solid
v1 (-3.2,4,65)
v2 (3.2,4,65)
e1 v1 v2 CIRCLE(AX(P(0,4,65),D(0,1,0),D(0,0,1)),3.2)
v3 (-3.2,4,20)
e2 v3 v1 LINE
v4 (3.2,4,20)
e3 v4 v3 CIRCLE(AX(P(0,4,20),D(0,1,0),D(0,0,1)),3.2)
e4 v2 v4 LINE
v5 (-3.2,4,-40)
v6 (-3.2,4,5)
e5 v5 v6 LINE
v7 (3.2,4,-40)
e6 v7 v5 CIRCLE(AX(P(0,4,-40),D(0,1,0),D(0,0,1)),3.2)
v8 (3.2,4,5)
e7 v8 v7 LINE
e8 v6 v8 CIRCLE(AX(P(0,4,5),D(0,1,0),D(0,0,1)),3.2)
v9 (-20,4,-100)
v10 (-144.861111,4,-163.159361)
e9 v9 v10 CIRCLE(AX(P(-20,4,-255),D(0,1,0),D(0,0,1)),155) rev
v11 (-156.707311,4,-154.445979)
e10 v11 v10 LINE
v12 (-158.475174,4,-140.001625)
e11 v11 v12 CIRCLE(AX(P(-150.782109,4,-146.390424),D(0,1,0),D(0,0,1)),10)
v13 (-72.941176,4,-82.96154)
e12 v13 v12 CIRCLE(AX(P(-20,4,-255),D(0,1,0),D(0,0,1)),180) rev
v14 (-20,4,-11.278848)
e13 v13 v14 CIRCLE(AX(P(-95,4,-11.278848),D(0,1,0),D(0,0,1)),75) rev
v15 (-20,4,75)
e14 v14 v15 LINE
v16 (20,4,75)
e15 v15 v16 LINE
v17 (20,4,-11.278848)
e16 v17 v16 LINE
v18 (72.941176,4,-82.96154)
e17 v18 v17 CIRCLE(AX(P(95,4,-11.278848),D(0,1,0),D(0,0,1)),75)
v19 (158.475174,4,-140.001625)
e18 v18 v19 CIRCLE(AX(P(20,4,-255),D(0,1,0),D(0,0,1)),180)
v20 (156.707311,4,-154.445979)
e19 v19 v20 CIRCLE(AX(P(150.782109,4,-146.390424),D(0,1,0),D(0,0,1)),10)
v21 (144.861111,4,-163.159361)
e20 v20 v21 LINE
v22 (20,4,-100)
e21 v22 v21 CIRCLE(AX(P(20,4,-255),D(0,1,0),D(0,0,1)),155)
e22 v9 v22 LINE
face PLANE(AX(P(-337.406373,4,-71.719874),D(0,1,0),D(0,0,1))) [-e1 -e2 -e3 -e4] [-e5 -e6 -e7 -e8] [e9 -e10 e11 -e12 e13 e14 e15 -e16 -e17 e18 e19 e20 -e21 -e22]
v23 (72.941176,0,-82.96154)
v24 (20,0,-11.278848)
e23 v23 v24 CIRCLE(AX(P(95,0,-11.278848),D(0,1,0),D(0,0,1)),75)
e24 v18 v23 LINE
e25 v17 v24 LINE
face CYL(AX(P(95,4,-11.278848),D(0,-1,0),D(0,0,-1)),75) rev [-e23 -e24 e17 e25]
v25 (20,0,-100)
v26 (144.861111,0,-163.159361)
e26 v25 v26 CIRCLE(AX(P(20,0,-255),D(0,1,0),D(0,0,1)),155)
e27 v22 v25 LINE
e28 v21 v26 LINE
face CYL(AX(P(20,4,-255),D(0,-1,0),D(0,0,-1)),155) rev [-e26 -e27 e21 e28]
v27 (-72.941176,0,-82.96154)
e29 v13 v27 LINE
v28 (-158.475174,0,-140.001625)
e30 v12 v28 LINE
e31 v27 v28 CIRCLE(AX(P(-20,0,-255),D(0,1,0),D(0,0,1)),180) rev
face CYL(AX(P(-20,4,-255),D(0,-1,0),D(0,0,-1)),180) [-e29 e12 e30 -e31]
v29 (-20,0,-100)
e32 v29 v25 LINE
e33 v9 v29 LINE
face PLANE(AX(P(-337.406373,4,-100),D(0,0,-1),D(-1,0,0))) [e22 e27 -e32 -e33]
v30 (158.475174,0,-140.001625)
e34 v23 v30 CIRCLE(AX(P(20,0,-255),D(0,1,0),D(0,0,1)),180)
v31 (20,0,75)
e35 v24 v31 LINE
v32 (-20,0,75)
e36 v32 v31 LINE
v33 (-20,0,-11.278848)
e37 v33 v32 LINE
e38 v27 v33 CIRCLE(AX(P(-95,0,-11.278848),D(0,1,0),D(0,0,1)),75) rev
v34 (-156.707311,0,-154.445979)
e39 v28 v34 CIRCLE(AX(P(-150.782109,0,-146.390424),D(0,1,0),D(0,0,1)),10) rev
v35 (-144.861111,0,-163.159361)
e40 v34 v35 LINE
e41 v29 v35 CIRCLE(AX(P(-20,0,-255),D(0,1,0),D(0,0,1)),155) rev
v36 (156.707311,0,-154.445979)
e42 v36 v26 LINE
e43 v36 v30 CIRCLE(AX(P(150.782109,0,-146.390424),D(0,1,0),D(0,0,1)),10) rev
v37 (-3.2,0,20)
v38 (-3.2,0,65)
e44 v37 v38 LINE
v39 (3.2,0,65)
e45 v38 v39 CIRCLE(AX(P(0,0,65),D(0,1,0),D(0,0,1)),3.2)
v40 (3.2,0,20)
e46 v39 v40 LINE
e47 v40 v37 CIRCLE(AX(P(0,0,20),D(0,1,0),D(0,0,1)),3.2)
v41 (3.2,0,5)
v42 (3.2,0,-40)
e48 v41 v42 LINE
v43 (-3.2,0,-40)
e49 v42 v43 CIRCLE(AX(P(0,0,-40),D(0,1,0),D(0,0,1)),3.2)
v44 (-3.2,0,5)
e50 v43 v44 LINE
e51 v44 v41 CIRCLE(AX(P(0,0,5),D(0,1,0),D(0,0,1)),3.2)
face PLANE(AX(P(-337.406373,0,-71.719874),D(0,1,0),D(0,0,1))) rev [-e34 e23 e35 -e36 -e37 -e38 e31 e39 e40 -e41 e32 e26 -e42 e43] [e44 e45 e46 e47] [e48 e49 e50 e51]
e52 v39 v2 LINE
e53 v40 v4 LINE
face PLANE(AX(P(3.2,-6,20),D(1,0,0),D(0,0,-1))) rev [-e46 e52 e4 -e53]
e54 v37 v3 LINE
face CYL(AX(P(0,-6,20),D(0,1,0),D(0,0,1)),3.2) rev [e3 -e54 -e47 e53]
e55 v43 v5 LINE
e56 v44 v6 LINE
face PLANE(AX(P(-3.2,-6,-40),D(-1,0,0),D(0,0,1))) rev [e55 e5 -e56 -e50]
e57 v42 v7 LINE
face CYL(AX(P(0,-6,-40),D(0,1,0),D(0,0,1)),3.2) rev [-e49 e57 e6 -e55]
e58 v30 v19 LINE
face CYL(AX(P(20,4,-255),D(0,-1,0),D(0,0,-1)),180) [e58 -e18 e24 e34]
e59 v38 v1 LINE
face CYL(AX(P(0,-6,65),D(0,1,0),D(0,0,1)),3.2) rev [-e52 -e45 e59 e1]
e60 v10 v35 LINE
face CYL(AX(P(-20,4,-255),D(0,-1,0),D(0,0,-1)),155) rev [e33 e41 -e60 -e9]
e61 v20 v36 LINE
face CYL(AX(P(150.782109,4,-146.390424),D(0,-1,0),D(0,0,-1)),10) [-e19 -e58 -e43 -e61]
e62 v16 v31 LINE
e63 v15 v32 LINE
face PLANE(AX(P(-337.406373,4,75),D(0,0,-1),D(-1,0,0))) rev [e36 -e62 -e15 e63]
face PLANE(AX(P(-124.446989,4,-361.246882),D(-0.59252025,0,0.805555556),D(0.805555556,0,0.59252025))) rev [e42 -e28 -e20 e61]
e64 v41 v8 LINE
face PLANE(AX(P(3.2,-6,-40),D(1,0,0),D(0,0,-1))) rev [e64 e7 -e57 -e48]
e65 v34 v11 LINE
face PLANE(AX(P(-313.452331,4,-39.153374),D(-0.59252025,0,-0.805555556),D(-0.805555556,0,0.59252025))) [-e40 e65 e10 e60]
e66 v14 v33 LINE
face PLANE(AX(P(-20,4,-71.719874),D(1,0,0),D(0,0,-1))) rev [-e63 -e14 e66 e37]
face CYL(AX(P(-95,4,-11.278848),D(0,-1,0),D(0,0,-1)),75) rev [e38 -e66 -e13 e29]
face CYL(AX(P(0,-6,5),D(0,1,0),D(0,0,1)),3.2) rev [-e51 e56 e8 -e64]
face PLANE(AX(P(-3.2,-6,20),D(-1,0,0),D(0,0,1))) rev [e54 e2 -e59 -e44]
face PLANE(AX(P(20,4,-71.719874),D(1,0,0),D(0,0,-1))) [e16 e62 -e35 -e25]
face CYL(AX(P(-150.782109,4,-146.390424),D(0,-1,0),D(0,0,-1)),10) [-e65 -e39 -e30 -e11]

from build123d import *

# Parameters (mm, degrees)
BOSS_EXTRUDE1_DEPTH = 4
FILLET1_R           = 10
CUT_EXTRUDE1_DEPTH  = 10


with BuildPart() as part:
    # Sketch1 → Boss-Extrude1 (new body)
    with BuildSketch(Plane(origin=(0, 0, 0), x_dir=(1, 0, 0), z_dir=(0, 1, 0))):
        with BuildLine():
            Line((-20, 11.278847861), (-20, -75))
            Line((-20, -75), (20, -75))
            Line((20, -75), (20, 11.278847861))
            ThreePointArc((20, 11.278847861), (34.67002501, 55.835487295), (72.941176471, 82.961539667))
            ThreePointArc((72.941176471, 82.961539667), (124.230373948, 108.248410071), (165, 148.346354961))
            Line((165, 148.346354961), (144.861111111, 163.159361217))
            ThreePointArc((144.861111111, 163.159361217), (89.963208148, 116.688216317), (20, 100))
            Line((20, 100), (-20, 100))
            ThreePointArc((-20, 100), (-89.963208148, 116.688216317), (-144.861111111, 163.159361217))
            Line((-144.861111111, 163.159361217), (-165, 148.346354961))
            ThreePointArc((-165, 148.346354961), (-124.230373948, 108.248410071), (-72.941176471, 82.961539667))
            ThreePointArc((-72.941176471, 82.961539667), (-34.67002501, 55.835487295), (-20, 11.278847861))
        make_face()
    extrude(amount=BOSS_EXTRUDE1_DEPTH)

    # Fillet1
    fillet1_edges = [part.edges().sort_by_distance(p)[0] for p in [
        (-165, 2, -148.346354961),
        (165, 2, -148.346354961),
    ]]
    fillet(fillet1_edges, radius=FILLET1_R)

    # Sketch2 → Cut-Extrude1 (cut)
    with BuildSketch(Plane(origin=(0, 4, 0), x_dir=(1, 0, 0), z_dir=(0, 1, 0))):
        with BuildLine():
            Line((3.2, 40), (3.2, -5))
            ThreePointArc((3.2, -5), (0, -8.2), (-3.2, -5))
            Line((-3.2, -5), (-3.2, 40))
            ThreePointArc((-3.2, 40), (0, 43.2), (3.2, 40))
        make_face()
        with BuildLine():
            Line((3.2, -20), (3.2, -65))
            ThreePointArc((3.2, -65), (0, -68.2), (-3.2, -65))
            Line((-3.2, -65), (-3.2, -20))
            ThreePointArc((-3.2, -20), (0, -16.8), (3.2, -20))
        make_face()
    extrude(amount=-CUT_EXTRUDE1_DEPTH, mode=Mode.SUBTRACT)


solid = part.part
